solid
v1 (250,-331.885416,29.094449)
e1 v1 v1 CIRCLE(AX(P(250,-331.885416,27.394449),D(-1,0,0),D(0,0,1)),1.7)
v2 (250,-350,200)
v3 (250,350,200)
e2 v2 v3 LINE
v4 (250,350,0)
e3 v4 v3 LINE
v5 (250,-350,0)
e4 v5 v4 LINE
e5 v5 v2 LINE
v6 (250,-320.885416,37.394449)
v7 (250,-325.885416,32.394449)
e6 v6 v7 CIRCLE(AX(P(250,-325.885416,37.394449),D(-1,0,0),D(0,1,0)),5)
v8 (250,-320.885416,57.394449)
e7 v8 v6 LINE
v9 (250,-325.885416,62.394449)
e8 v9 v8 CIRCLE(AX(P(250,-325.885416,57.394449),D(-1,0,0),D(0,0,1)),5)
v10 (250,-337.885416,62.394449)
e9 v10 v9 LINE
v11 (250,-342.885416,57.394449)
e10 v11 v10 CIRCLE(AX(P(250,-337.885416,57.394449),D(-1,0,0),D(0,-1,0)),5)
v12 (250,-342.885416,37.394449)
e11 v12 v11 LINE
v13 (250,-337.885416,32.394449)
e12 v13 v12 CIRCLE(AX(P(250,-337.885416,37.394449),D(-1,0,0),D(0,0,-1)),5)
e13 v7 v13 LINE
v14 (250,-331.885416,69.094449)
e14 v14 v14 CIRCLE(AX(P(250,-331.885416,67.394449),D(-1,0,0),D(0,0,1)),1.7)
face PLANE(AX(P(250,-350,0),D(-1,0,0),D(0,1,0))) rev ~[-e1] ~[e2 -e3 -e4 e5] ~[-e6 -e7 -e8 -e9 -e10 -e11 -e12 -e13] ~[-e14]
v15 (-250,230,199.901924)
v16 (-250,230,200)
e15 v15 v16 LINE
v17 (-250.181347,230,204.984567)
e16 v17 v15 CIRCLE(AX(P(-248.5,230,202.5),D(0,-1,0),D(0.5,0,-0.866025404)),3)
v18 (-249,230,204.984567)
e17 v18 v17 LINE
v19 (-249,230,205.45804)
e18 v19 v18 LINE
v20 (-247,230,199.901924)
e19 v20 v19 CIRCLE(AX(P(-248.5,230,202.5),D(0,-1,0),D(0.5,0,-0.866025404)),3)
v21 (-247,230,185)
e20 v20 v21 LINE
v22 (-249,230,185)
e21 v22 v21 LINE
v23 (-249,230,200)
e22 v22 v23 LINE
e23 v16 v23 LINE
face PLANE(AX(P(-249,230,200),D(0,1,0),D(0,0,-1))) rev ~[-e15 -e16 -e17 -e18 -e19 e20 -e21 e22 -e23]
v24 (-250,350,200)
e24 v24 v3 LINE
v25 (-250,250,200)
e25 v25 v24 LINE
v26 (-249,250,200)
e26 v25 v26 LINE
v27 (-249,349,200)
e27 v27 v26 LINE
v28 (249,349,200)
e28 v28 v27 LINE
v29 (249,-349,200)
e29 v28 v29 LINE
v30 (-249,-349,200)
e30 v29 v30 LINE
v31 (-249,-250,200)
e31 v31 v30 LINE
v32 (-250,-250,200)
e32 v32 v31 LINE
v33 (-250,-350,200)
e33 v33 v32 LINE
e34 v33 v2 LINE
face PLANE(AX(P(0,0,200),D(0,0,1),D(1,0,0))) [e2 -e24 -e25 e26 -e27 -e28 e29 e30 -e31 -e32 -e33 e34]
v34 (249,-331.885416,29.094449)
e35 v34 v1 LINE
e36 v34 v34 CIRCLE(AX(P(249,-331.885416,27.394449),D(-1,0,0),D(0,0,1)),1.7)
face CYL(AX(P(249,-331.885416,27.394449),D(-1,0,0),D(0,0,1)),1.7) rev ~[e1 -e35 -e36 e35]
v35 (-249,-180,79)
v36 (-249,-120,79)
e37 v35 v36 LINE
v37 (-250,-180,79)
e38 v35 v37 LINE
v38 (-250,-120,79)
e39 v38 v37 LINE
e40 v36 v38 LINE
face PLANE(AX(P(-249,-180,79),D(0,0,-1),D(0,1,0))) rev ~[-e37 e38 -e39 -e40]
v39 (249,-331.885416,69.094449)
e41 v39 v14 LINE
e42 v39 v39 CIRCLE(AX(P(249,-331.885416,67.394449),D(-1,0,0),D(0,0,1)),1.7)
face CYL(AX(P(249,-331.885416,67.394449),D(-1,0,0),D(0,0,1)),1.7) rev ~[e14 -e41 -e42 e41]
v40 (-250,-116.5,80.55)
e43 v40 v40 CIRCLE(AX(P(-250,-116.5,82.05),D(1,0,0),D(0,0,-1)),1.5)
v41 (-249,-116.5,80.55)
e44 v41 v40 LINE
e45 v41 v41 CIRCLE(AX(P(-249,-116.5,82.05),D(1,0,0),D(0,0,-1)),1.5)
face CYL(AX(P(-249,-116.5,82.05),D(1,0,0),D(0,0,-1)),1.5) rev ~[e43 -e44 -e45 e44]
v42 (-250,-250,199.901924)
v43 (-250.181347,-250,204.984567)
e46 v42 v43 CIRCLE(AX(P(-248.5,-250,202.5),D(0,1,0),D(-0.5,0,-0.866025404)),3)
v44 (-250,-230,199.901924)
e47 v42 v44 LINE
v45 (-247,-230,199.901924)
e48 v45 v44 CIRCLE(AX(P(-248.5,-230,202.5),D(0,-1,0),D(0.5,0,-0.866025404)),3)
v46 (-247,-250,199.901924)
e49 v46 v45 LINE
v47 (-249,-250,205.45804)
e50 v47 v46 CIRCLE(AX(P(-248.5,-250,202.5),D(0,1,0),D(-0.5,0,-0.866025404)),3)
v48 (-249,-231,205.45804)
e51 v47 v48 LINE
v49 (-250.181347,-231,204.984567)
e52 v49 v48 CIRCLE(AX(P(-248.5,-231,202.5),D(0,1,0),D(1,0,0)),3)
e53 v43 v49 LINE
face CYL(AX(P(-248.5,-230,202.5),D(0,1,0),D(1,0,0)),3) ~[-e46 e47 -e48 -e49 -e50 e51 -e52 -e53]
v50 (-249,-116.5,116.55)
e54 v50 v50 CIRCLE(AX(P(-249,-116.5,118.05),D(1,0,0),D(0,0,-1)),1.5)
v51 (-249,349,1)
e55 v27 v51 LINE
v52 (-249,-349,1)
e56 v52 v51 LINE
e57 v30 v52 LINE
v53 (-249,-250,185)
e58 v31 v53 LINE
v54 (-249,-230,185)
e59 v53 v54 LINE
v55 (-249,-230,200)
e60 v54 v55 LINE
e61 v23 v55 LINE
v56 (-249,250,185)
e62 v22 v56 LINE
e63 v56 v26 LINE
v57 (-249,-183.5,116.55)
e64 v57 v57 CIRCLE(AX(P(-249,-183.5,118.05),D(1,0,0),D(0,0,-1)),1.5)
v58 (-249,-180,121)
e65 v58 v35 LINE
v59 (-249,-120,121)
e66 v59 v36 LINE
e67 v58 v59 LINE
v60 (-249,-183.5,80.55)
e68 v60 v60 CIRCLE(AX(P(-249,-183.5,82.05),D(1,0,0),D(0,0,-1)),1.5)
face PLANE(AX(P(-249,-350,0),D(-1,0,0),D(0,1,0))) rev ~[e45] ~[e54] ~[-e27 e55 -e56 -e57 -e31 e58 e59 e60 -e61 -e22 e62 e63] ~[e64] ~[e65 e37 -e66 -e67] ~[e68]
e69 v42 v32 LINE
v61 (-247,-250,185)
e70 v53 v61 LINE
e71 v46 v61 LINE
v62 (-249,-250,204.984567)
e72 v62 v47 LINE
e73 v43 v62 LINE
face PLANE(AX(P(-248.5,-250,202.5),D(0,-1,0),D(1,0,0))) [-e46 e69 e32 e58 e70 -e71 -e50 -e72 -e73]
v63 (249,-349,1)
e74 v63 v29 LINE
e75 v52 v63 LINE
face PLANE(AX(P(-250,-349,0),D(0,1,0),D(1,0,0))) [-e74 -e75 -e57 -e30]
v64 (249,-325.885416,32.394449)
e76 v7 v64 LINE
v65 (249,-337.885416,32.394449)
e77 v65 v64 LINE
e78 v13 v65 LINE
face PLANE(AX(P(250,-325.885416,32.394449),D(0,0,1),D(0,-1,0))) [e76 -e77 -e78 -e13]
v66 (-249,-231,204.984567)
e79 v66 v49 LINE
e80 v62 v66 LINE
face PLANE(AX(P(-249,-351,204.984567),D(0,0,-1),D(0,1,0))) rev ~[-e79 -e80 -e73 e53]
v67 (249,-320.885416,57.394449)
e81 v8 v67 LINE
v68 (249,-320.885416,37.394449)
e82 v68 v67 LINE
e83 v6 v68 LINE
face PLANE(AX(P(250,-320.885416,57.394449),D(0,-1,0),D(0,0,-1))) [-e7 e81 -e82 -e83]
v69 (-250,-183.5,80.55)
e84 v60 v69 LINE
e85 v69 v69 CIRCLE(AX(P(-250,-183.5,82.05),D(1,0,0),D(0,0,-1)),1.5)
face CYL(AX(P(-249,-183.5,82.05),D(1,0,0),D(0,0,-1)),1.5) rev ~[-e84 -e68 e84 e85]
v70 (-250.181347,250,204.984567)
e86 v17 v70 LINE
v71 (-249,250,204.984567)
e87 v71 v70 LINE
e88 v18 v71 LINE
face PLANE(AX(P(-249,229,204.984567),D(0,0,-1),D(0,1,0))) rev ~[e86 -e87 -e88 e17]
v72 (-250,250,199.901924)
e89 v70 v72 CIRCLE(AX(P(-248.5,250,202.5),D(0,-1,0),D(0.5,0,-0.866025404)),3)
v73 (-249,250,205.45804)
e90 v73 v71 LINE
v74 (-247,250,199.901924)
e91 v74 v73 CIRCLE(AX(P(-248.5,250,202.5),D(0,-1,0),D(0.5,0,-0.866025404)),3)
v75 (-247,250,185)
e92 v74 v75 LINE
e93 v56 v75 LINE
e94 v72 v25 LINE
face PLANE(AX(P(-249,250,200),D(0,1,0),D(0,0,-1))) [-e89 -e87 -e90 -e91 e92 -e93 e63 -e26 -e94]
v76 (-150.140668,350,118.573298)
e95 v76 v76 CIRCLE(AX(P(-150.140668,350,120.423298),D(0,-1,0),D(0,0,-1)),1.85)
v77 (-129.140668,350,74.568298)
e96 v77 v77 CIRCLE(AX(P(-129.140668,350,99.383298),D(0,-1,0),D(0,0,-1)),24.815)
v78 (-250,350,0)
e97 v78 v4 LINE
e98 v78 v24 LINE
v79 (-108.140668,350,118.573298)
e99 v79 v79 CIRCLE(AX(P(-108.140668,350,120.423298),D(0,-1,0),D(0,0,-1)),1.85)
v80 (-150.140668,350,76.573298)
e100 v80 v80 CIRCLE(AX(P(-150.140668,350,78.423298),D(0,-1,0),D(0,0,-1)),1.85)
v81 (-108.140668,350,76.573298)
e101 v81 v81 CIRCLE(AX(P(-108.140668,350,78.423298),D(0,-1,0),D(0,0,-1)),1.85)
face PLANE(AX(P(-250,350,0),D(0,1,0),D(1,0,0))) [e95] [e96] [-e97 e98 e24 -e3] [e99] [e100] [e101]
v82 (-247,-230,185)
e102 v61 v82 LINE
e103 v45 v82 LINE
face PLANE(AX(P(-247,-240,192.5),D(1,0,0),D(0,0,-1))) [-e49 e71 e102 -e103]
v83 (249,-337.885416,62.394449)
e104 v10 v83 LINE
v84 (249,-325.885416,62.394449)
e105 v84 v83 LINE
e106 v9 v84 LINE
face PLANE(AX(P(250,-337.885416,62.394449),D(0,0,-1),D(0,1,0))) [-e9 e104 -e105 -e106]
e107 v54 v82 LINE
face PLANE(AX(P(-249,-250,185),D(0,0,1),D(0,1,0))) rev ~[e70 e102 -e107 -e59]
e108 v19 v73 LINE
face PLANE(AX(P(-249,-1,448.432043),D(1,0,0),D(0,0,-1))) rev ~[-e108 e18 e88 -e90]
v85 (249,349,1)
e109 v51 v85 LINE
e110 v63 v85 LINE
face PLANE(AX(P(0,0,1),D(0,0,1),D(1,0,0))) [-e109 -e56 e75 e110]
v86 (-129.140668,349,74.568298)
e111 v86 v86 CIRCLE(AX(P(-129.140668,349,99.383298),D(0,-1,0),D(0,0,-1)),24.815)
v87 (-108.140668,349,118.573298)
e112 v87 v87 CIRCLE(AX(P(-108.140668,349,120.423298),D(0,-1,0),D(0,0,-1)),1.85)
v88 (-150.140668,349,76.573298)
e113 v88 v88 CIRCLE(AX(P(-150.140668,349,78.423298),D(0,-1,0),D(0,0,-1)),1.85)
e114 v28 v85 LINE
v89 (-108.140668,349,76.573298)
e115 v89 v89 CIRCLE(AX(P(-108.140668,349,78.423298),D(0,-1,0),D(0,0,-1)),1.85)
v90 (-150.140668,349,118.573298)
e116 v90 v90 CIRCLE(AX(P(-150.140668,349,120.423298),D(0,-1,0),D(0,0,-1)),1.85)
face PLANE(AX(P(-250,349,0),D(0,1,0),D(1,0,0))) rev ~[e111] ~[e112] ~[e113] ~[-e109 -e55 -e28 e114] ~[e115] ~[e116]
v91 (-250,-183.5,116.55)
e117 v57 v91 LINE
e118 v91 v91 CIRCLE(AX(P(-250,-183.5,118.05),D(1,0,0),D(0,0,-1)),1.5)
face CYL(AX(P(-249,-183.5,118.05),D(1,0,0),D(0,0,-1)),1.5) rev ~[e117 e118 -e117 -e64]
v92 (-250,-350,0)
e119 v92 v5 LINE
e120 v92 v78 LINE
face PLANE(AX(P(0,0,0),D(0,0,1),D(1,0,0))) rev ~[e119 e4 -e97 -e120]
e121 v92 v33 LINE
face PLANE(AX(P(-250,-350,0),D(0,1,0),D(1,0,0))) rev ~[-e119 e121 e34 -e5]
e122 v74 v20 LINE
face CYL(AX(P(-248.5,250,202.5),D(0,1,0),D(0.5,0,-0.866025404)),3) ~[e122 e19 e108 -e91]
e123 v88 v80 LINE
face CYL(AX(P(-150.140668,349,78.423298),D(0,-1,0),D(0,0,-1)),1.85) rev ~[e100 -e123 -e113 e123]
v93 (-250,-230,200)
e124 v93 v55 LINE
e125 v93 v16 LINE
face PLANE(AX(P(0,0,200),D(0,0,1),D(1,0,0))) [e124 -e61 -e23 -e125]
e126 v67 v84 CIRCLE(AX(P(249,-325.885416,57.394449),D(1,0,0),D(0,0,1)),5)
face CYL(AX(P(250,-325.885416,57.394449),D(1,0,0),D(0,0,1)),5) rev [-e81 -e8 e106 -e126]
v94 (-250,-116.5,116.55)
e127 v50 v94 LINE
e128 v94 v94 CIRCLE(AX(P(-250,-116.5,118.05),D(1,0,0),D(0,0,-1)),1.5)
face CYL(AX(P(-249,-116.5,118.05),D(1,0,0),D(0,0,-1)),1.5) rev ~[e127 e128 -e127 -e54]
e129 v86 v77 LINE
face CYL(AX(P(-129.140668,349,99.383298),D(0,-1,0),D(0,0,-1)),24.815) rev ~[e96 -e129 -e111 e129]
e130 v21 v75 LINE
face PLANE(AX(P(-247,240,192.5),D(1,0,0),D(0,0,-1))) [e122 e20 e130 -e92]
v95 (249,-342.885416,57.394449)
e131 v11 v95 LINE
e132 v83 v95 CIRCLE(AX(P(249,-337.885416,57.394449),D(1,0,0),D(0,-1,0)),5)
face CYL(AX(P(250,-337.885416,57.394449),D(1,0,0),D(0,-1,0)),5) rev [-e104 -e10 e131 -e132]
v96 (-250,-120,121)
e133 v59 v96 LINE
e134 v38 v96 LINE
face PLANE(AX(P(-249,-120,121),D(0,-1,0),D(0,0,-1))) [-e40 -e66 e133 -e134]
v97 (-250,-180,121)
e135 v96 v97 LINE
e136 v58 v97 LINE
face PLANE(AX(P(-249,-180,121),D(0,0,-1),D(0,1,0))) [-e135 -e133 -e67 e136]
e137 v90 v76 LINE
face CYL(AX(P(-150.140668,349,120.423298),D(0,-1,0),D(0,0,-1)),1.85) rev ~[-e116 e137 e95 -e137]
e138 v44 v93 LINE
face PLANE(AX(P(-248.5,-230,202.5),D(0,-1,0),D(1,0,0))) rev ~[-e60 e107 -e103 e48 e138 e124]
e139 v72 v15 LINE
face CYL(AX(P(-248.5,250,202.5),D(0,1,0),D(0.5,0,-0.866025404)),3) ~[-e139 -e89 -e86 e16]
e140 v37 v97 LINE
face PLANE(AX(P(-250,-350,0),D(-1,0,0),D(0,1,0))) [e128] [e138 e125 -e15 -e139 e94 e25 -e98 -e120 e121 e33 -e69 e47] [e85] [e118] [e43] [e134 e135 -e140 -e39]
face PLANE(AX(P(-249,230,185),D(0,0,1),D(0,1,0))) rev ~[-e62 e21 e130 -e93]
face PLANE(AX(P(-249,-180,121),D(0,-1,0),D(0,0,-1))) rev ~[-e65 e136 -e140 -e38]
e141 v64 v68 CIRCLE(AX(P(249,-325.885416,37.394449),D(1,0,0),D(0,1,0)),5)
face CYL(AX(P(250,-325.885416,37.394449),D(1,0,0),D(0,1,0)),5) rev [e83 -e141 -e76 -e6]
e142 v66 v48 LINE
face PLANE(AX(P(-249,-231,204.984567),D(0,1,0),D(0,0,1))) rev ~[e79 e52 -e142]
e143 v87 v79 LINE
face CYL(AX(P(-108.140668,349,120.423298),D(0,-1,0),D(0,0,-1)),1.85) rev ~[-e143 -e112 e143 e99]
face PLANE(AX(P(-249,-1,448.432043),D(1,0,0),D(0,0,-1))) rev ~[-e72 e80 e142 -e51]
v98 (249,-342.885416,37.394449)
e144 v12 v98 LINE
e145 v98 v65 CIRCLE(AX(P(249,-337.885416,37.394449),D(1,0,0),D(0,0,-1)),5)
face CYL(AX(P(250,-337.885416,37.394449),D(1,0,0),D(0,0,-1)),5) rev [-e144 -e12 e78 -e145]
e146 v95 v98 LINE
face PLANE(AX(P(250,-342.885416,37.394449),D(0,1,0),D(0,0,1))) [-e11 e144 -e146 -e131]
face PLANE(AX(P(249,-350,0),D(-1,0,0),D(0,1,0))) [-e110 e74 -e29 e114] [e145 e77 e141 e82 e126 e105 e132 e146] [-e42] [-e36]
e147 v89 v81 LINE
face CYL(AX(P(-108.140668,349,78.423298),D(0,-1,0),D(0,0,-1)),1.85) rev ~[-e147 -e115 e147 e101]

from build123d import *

# Parameters (mm, degrees)
CROQUIS1_W              = 500
CROQUIS1_H              = 700
SALIENTE_EXTRUIR1_DEPTH = 200
VACIADO1_T              = -1
CROQUIS2_W              = 15
CROQUIS2_H              = 20
SALIENTE_EXTRUIR2_DEPTH = 2
SALIENTE_EXTRUIR3_START = -20
CROQUIS3_R              = 3
SALIENTE_EXTRUIR3_DEPTH = 20
SALIENTE_EXTRUIR4_START = -20
SALIENTE_EXTRUIR4_DEPTH = 20
CROQUIS5_W              = 42
CROQUIS5_H              = 60
CORTAR_EXTRUIR1_DEPTH   = 10
CROQUIS6_R              = 1.5
CORTAR_EXTRUIR2_DEPTH   = 10
CORTAR_EXTRUIR3_DEPTH   = 10
CROQUIS8_R              = 1.7
CORTAR_EXTRUIR4_DEPTH   = 10
CROQUIS9_R              = 24.815
CROQUIS9_R_2            = 1.85
CORTAR_EXTRUIR5_DEPTH   = 10


with BuildPart() as part:
    # Croquis1 → Saliente-Extruir1 (new body)
    with BuildSketch(Plane.XY):
        Rectangle(CROQUIS1_W, CROQUIS1_H)
    extrude(amount=SALIENTE_EXTRUIR1_DEPTH)

    # Vaciado1
    vaciado1_openings = [part.faces().sort_by_distance(p)[0] for p in [
        (0, 0, 200),
    ]]
    offset(amount=VACIADO1_T, openings=vaciado1_openings, kind=Kind.INTERSECTION)

    # Croquis2 → Saliente-Extruir2 (add)
    with BuildSketch(Plane(origin=(-249, 0, 0), x_dir=(0, 0, -1), z_dir=(1, 0, 0))):
        with Locations((-192.5, 240)):
            Rectangle(CROQUIS2_W, CROQUIS2_H)
        with Locations((-192.5, -240)):
            Rectangle(CROQUIS2_W, CROQUIS2_H)
    extrude(amount=SALIENTE_EXTRUIR2_DEPTH)

    # Croquis3 → Saliente-Extruir3 (add)
    with BuildSketch(Plane.XZ.offset(250).offset(SALIENTE_EXTRUIR3_START)):
        with Locations((-248.5, 202.5)):
            Circle(CROQUIS3_R)
    extrude(amount=SALIENTE_EXTRUIR3_DEPTH)

    # Croquis4 → Saliente-Extruir4 (add)
    with BuildSketch(Plane.XZ.offset(-230).offset(SALIENTE_EXTRUIR4_START)):
        with BuildLine():
            Line((-250, 199.901923789), (-247, 199.901923789))
            ThreePointArc((-247, 199.901923789), (-248.5, 205.5), (-250, 199.901923789))
        make_face()
    extrude(amount=SALIENTE_EXTRUIR4_DEPTH)

    # Croquis5 → Cortar-Extruir1 (cut)
    with BuildSketch(Plane(origin=(-249, 0, 0), x_dir=(0, 0, -1), z_dir=(1, 0, 0))):
        with Locations((-100, -150)):
            Rectangle(CROQUIS5_W, CROQUIS5_H)
    extrude(amount=-CORTAR_EXTRUIR1_DEPTH, mode=Mode.SUBTRACT)

    # Croquis6 → Cortar-Extruir2 (cut)
    with BuildSketch(Plane(origin=(-249, 0, 0), x_dir=(0, 0, -1), z_dir=(1, 0, 0))):
        with Locations((-118.05, -116.5)):
            Circle(CROQUIS6_R)
        with Locations((-82.05, -116.5)):
            Circle(CROQUIS6_R)
        with Locations((-82.05, -183.5)):
            Circle(CROQUIS6_R)
        with Locations((-118.05, -183.5)):
            Circle(CROQUIS6_R)
        Polygon((-204.984566909, 349), (-205.984152301, 348), (-703.777677317, 348), (-703.777677317, -350), (-205.984152301, -350), (-204.984566909, -351), (-204.984566909, -231), (-219.978347783, -231), (-219.978347783, -211), (-204.984566909, -211), (-204.984566909, 209), (-219.978347783, 209), (-219.978347783, 229), (-204.984566909, 229), align=None)
    extrude(amount=-CORTAR_EXTRUIR2_DEPTH, mode=Mode.SUBTRACT)

    # Croquis7 → Cortar-Extruir3 (cut)
    with BuildSketch(Plane(origin=(250, 0, 0), x_dir=(0, 0, -1), z_dir=(1, 0, 0))):
        with BuildLine():
            Line((-37.394449056, -342.885415535), (-57.394449056, -342.885415535))
            ThreePointArc((-57.394449056, -342.885415535), (-60.929982962, -341.420949441), (-62.394449056, -337.885415535))
            Line((-62.394449056, -337.885415535), (-62.394449056, -325.885415535))
            ThreePointArc((-62.394449056, -325.885415535), (-60.929982962, -322.349881629), (-57.394449056, -320.885415535))
            Line((-57.394449056, -320.885415535), (-37.394449056, -320.885415535))
            ThreePointArc((-37.394449056, -320.885415535), (-33.85891515, -322.349881629), (-32.394449056, -325.885415535))
            Line((-32.394449056, -325.885415535), (-32.394449056, -337.885415535))
            ThreePointArc((-32.394449056, -337.885415535), (-33.85891515, -341.420949441), (-37.394449056, -342.885415535))
        make_face()
    extrude(amount=-CORTAR_EXTRUIR3_DEPTH, mode=Mode.SUBTRACT)

    # Croquis8 → Cortar-Extruir4 (cut)
    with BuildSketch(Plane.ZY.offset(-249)):
        with Locations((27.394449056, -331.885415535)):
            Circle(CROQUIS8_R)
        with Locations((67.394449056, -331.885415535)):
            Circle(CROQUIS8_R)
    extrude(amount=-CORTAR_EXTRUIR4_DEPTH, mode=Mode.SUBTRACT)

    # Croquis9 → Cortar-Extruir5 (cut)
    with BuildSketch(Plane.XZ.offset(-349)):
        with Locations(Location((-129.140668179, 99.383298184, 0), (0, 0, 270))):
            Circle(CROQUIS9_R)
        with Locations(Location((-150.140668179, 120.423298184, 0), (0, 0, 270))):
            Circle(CROQUIS9_R_2)
        with Locations(Location((-108.140668179, 120.423298184, 0), (0, 0, 270))):
            Circle(CROQUIS9_R_2)
        with Locations(Location((-150.140668179, 78.423298184, 0), (0, 0, 270))):
            Circle(CROQUIS9_R_2)
        with Locations(Location((-108.140668179, 78.423298184, 0), (0, 0, 270))):
            Circle(CROQUIS9_R_2)
    extrude(amount=-CORTAR_EXTRUIR5_DEPTH, mode=Mode.SUBTRACT)


solid = part.part
